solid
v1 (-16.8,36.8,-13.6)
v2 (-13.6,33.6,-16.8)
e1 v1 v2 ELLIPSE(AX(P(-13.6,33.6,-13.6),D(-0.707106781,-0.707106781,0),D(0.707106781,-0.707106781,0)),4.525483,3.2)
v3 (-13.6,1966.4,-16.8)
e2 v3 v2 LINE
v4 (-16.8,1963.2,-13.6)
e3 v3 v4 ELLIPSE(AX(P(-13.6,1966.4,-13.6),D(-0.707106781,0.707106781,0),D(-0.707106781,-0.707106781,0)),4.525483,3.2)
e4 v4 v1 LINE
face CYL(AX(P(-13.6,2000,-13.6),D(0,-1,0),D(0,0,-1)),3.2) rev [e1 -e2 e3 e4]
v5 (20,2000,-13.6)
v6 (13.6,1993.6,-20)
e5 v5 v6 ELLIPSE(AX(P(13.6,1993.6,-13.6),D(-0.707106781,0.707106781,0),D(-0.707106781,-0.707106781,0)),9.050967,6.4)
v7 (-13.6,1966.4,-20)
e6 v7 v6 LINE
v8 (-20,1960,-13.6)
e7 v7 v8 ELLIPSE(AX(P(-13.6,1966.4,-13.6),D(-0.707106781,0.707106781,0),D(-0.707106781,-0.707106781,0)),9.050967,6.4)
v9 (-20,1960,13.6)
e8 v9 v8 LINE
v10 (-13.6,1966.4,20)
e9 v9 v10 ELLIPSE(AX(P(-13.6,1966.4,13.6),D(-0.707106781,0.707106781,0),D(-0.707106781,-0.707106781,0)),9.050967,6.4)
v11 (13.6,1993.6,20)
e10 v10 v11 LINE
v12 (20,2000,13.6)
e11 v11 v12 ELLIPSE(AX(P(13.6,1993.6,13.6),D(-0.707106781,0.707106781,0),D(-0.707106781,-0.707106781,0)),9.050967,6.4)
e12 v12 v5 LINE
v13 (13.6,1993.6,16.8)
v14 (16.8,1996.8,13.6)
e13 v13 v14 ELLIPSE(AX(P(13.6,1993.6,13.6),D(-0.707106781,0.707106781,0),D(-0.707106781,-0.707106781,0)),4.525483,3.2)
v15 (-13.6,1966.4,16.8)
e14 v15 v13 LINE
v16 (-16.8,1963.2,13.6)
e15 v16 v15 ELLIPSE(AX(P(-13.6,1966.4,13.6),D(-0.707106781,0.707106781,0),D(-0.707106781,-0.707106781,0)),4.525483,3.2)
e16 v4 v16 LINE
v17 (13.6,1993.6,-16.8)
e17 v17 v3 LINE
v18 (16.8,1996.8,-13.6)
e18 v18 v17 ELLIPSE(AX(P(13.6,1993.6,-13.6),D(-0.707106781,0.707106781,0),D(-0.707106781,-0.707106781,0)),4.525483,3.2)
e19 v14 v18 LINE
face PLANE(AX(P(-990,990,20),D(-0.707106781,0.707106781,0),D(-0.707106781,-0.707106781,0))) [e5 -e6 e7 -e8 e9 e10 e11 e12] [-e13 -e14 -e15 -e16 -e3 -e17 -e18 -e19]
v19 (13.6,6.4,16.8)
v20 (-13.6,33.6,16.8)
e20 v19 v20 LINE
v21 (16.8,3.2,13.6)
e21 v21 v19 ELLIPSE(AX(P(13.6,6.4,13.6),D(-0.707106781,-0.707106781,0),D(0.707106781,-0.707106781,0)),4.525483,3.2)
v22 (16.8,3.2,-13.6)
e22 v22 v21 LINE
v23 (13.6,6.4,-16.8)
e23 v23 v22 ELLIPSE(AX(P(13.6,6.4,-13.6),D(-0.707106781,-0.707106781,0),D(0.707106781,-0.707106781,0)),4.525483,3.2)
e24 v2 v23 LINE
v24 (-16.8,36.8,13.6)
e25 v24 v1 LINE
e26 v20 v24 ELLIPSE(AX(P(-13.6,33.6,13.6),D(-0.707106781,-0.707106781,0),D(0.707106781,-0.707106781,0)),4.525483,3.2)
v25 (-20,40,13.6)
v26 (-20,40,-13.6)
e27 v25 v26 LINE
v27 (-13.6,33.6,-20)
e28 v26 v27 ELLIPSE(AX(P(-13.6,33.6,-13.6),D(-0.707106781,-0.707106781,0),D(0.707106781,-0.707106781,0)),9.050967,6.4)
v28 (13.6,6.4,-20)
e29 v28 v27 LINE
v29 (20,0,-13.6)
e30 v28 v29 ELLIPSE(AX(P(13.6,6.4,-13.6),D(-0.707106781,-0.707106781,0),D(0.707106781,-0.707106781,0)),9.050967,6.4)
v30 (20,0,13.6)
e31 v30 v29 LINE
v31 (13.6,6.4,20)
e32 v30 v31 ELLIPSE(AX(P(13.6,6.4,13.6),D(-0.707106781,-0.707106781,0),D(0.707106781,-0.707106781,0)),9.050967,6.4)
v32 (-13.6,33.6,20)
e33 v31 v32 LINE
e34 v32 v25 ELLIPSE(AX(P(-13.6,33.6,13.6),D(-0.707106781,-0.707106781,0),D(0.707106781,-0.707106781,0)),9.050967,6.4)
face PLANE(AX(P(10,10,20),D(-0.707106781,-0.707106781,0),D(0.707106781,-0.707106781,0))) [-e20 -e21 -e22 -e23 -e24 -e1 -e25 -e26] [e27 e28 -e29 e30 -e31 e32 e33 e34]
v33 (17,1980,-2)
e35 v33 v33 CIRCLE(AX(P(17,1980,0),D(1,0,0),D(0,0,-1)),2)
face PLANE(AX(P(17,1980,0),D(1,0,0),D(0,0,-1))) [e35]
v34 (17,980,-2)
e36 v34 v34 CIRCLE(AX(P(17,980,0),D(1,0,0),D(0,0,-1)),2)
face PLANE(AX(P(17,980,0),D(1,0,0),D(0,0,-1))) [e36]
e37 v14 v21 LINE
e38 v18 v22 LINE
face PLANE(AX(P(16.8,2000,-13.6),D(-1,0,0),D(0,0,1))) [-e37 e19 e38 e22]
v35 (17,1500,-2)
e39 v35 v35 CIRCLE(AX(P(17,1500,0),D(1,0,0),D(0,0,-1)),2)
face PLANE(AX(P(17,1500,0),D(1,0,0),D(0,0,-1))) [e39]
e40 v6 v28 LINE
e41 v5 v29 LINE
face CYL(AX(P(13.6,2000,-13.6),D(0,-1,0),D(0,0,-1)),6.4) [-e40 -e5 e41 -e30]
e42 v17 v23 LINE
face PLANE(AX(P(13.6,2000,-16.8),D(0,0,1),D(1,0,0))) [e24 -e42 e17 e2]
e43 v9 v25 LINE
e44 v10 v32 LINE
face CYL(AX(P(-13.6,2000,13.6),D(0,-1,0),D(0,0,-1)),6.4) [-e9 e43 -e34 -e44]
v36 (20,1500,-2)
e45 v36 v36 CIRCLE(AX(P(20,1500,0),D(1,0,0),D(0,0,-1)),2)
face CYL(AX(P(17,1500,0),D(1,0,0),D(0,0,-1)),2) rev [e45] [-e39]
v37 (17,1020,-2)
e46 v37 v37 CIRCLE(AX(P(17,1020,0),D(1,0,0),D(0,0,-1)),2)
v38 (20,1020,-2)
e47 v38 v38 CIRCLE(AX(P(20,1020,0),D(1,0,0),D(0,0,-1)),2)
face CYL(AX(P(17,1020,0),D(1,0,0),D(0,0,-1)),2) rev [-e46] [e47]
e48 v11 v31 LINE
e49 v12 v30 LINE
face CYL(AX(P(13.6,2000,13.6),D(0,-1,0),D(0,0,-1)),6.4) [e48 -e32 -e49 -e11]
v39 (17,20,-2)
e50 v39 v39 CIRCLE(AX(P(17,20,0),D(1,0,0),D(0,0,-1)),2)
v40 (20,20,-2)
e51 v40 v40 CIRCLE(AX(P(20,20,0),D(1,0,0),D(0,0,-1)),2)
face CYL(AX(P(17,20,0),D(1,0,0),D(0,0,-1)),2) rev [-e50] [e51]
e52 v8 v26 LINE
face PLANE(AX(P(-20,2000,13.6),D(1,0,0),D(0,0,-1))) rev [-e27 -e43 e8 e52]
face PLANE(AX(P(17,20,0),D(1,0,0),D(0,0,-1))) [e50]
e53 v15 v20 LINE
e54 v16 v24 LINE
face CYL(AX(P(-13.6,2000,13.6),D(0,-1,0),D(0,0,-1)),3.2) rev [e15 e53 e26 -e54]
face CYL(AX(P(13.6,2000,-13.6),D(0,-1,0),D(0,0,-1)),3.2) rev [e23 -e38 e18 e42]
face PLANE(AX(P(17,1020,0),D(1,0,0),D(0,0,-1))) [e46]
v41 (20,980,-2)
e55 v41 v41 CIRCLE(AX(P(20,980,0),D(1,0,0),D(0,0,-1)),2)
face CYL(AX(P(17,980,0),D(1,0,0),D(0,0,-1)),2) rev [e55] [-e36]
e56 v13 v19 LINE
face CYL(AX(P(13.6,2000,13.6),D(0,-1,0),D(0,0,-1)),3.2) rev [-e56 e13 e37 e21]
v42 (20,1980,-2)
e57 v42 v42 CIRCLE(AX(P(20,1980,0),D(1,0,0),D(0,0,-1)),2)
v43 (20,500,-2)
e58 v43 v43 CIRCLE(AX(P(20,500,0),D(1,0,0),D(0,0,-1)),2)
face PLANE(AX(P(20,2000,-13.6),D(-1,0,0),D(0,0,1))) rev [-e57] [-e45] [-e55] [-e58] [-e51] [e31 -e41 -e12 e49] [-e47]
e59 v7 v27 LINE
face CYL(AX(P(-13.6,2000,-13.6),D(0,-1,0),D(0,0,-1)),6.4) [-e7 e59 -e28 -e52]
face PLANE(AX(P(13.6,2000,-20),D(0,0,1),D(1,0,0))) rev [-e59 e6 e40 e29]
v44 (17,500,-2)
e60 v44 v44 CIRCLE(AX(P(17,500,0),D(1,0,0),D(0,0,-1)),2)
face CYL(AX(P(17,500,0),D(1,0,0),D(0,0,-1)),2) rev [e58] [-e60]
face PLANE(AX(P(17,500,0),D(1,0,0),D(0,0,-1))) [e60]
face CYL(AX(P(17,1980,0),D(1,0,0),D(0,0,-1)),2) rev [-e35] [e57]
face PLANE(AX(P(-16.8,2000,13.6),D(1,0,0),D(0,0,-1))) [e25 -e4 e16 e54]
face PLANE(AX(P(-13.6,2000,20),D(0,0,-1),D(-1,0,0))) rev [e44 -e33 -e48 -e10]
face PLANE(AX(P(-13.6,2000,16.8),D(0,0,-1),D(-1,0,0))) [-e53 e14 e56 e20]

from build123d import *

# Parameters (mm, degrees)
TUBE_SQUARE_40_X_40_X_3_2_1_DEPTH = 2000
CUT_EXTRUDE1_DEPTH                = 2001.499937516
SKETCH17_R                        = 2
CUT_EXTRUDE2_DEPTH                = 3


with BuildPart() as part:
    # Sketch15 → Tube (square) 40 X 40 X 3.2(1) (new body)
    with BuildSketch(Plane(origin=(0, 0, 0), x_dir=(-1, 0, 0), z_dir=(0, 1, 0))):
        with BuildLine():
            Line((-13.6, -20), (13.6, -20))
            ThreePointArc((13.6, -20), (18.1254834, -18.1254834), (20, -13.6))
            Line((20, -13.6), (20, 13.6))
            ThreePointArc((20, 13.6), (18.1254834, 18.1254834), (13.6, 20))
            Line((13.6, 20), (-13.6, 20))
            ThreePointArc((-13.6, 20), (-18.1254834, 18.1254834), (-20, 13.6))
            Line((-20, 13.6), (-20, -13.6))
            ThreePointArc((-20, -13.6), (-18.1254834, -18.1254834), (-13.6, -20))
        make_face()
        with BuildLine():
            Line((-13.6, -16.8), (13.6, -16.8))
            ThreePointArc((13.6, -16.8), (15.8627417, -15.8627417), (16.8, -13.6))
            Line((16.8, -13.6), (16.8, 13.6))
            ThreePointArc((16.8, 13.6), (15.8627417, 15.8627417), (13.6, 16.8))
            Line((13.6, 16.8), (-13.6, 16.8))
            ThreePointArc((-13.6, 16.8), (-15.8627417, 15.8627417), (-16.8, 13.6))
            Line((-16.8, 13.6), (-16.8, -13.6))
            ThreePointArc((-16.8, -13.6), (-15.8627417, -15.8627417), (-13.6, -16.8))
        make_face(mode=Mode.SUBTRACT)
    extrude(amount=TUBE_SQUARE_40_X_40_X_3_2_1_DEPTH)

    # Sketch13 → Cut-Extrude1 (cut, through all)
    with BuildSketch(Plane(origin=(0, 0, -20), x_dir=(-1, 0, 0), z_dir=(0, 0, -1))):
        Polygon((20, 1960), (-20, 2000), (20, 2000), align=None)
        Polygon((-20, 0), (20, 40), (20, 0), align=None)
    extrude(amount=-CUT_EXTRUDE1_DEPTH, mode=Mode.SUBTRACT)

    # Sketch17 → Cut-Extrude2 (cut)
    with BuildSketch(Plane(origin=(20, 0, 0), x_dir=(0, 0, -1), z_dir=(1, 0, 0))):
        with Locations((0, 1980)):
            Circle(SKETCH17_R)
        with Locations((0, 20)):
            Circle(SKETCH17_R)
        with Locations((0, 1020)):
            Circle(SKETCH17_R)
        with Locations((0, 980)):
            Circle(SKETCH17_R)
        with Locations((0, 500)):
            Circle(SKETCH17_R)
        with Locations((0, 1500)):
            Circle(SKETCH17_R)
    extrude(amount=-CUT_EXTRUDE2_DEPTH, mode=Mode.SUBTRACT)


solid = part.part
